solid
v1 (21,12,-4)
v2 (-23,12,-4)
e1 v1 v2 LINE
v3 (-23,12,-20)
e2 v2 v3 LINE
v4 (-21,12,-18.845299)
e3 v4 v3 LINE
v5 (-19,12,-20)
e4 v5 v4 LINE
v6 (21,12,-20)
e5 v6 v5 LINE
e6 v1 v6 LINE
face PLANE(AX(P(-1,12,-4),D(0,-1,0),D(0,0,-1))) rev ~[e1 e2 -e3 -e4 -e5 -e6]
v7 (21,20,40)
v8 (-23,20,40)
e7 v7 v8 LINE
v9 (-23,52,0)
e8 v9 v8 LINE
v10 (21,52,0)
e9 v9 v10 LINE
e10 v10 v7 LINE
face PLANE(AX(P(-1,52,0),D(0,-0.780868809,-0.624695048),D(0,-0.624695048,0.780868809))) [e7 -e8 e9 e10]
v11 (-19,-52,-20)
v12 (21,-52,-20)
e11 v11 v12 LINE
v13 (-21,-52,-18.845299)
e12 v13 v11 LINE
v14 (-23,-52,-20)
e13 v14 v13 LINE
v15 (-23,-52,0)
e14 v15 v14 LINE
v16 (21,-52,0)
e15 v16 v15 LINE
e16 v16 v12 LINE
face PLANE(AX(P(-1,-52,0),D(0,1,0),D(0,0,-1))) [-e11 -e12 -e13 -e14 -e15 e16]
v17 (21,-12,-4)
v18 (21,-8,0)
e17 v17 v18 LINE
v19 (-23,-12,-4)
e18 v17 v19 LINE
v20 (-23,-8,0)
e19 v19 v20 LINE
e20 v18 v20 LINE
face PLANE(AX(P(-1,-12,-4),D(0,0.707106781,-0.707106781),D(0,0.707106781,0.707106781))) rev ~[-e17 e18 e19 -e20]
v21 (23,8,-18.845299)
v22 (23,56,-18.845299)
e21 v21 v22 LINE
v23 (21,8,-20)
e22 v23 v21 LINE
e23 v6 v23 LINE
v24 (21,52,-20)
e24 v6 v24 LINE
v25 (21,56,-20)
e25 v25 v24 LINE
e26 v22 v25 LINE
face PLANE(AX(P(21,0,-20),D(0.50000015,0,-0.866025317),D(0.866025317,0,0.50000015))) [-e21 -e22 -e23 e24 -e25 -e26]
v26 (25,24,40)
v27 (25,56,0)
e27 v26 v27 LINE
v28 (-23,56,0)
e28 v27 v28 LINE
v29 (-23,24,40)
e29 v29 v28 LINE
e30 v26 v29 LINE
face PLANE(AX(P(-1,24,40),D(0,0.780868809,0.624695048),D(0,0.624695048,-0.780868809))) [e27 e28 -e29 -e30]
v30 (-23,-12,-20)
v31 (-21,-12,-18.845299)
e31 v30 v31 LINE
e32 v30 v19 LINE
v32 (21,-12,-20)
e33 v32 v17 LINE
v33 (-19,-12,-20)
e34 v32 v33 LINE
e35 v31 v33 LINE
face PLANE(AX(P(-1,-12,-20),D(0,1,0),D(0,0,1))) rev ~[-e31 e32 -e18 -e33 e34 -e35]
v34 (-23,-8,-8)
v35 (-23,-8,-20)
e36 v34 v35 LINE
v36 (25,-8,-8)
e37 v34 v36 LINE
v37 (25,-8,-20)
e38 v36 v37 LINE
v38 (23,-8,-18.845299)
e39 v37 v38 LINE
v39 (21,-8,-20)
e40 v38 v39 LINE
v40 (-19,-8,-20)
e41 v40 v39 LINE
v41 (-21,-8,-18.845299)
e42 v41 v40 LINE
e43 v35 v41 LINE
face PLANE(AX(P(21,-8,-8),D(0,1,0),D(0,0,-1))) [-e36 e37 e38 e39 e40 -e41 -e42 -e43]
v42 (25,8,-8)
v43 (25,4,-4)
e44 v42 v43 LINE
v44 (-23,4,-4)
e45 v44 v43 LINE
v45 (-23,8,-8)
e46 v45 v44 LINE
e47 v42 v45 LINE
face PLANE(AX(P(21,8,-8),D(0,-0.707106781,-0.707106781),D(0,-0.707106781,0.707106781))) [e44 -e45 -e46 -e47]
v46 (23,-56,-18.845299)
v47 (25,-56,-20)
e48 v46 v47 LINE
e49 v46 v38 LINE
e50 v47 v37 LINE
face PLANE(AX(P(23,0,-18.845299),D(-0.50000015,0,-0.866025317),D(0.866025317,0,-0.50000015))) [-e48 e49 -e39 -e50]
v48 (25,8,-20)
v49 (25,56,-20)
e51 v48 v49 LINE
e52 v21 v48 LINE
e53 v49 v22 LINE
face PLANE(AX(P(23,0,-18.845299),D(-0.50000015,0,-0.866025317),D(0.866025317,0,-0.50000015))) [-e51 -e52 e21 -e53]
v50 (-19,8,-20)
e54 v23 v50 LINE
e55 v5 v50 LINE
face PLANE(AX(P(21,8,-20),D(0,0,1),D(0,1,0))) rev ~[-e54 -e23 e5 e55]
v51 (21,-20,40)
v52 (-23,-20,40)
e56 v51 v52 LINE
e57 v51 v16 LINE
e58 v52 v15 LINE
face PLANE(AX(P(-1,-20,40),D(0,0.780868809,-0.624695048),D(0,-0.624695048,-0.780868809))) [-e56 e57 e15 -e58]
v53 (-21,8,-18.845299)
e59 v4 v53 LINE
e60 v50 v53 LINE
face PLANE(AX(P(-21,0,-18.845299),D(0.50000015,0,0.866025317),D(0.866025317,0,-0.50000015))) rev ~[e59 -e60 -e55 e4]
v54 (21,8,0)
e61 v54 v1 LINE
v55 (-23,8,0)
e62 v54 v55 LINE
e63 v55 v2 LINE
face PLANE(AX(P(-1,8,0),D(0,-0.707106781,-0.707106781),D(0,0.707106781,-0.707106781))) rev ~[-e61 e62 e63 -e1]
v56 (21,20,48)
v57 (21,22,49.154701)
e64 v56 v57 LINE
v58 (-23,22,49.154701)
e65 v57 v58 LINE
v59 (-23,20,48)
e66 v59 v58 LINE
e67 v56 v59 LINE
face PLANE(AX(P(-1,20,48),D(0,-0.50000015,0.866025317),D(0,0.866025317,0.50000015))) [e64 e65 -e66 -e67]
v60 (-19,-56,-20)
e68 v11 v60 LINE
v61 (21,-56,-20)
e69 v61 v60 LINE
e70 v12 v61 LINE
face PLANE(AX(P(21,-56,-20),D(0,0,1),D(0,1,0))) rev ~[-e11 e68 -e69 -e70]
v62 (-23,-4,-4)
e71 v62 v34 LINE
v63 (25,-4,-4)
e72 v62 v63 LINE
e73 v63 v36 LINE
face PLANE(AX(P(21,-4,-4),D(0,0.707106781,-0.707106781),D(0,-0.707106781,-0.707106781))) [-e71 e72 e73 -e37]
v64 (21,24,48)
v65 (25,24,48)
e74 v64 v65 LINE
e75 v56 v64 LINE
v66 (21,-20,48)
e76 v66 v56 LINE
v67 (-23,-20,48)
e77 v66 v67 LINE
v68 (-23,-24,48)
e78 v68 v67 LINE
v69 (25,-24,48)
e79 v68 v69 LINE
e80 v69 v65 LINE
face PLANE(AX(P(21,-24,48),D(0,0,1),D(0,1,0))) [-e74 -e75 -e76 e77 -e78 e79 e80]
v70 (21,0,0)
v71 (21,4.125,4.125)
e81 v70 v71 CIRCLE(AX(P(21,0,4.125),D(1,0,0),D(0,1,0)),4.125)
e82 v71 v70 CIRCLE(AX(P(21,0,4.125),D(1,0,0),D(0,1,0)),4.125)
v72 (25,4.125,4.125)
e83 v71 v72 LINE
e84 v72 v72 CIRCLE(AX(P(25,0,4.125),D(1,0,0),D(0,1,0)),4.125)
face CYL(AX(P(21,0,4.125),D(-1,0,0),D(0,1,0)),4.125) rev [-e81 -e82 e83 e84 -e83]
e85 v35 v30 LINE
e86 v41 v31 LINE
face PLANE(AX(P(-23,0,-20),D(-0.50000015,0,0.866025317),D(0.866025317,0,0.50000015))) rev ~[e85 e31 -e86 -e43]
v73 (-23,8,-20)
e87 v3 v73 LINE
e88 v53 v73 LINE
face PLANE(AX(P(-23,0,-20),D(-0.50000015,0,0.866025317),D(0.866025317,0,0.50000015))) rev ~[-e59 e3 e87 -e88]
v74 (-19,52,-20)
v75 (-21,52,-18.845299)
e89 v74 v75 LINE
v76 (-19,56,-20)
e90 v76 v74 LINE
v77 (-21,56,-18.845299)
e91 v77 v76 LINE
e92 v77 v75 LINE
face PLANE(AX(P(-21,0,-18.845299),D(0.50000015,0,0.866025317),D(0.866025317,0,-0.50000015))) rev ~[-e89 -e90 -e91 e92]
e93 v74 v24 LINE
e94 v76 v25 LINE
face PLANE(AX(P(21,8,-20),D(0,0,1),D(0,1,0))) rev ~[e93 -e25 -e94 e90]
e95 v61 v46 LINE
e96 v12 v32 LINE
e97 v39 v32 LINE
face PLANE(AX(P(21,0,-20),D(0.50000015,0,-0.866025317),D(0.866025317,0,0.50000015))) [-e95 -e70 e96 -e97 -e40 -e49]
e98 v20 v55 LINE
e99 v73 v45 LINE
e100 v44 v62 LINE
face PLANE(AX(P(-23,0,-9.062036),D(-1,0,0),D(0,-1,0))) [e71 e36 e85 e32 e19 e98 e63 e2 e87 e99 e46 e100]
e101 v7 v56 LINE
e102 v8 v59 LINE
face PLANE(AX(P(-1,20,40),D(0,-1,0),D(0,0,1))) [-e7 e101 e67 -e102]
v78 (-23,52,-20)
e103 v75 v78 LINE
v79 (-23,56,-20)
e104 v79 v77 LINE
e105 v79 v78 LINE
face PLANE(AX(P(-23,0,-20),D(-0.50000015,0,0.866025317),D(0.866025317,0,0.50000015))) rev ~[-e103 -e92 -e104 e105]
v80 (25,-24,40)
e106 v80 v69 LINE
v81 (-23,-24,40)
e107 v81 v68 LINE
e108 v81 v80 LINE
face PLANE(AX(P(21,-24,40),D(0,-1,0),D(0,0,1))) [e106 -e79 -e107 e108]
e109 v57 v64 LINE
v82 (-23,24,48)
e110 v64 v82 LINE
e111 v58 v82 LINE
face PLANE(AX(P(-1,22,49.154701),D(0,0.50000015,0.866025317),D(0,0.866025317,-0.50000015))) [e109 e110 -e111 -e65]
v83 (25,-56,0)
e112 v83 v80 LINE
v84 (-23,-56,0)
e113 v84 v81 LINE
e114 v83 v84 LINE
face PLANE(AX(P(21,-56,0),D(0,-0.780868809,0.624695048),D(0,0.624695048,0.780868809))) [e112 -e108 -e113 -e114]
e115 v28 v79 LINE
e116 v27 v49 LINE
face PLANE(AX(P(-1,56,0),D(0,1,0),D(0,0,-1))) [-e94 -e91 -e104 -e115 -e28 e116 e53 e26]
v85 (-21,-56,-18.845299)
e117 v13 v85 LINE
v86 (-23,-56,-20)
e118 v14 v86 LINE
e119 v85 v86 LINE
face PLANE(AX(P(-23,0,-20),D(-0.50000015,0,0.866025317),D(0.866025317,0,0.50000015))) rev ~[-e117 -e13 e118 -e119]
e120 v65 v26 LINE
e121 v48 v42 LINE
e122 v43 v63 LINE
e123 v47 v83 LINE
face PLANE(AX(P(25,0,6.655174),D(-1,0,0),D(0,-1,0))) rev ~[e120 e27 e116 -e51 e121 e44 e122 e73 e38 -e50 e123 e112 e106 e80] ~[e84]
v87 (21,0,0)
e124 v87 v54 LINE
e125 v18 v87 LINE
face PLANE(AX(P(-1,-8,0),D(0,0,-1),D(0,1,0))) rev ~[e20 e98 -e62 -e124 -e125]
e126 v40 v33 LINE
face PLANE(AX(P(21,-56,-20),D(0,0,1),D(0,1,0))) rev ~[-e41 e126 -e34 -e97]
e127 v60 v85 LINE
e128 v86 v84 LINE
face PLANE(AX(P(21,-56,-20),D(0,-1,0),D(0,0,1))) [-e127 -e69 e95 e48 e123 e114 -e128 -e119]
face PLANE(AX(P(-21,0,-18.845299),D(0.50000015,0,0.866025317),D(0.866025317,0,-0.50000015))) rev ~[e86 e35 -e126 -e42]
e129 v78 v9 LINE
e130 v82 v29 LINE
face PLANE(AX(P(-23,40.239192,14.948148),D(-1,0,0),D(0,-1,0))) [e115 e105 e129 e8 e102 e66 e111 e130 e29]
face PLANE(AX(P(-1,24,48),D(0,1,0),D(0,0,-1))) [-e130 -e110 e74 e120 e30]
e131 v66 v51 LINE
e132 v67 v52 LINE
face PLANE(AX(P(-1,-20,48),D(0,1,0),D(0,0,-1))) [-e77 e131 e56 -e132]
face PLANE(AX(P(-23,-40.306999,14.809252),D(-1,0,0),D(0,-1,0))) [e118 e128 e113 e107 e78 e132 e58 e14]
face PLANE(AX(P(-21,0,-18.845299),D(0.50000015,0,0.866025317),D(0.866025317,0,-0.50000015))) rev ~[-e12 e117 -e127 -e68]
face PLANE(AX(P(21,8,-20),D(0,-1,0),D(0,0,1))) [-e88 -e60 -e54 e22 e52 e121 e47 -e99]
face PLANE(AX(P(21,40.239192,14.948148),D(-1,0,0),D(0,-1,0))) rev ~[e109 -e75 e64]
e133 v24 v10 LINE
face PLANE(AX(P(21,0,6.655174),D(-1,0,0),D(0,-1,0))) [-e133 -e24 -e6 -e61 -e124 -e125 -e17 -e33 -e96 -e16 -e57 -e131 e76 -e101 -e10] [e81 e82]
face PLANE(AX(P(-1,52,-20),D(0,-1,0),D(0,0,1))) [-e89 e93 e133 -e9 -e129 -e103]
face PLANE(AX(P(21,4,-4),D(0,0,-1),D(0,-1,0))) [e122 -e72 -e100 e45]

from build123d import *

# Parameters (mm, degrees)
EXTRUDE014_DEPTH = 100
EXTRUDE010_DEPTH = 22
SKETCH009_R      = 4.125
EXTRUDE011_DEPTH = 4


with BuildPart() as extrude014:
    # Sketch012 → Extrude014 (new body, symmetric)
    with BuildSketch(Plane.XZ):
        Polygon((-20, 0), (-24, 0), (-22, 1.154701), align=None)
        Polygon((20, 0), (22, 1.154701), (24, 0), align=None)
    extrude(amount=EXTRUDE014_DEPTH, both=True)


with BuildPart() as extrude014_1:
    # Extrude014 placement: moved
    add(extrude014.part.moved(Location((1, 0, -20))))


with BuildPart() as extrude010:
    # Sketch008 → Extrude010 (new body, symmetric)
    with BuildSketch(Plane.YZ):
        Polygon((-56, 0), (-24, 40), (-24, 48), (-20, 48), (-20, 40), (-52, 0), (-52, -20), (-56, -20), align=None)
        Polygon((52, 0), (20, 40), (20, 48), (22, 49.154701), (24, 48), (24, 40), (56, 0), (56, -20), (52, -20), align=None)
        Polygon((-8, -20), (-12, -20), (-12, -4), (-8, 0), (8, 0), (12, -4), (12, -20), (8, -20), (8, -8), (4, -4), (-4, -4), (-8, -8), align=None)
    extrude(amount=EXTRUDE010_DEPTH, both=True)


with BuildPart() as stage_1_paths:
    # Sketch009 → Extrude011 (new body)
    with BuildSketch(Plane.YZ):
        Polygon((-56, 0), (-24, 40), (-24, 48), (24, 48), (24, 40), (56, 0), (56, -20), (52, -20), (12, -20), (8, -20), (8, -8), (4, -4), (-4, -4), (-8, -8), (-8, -20), (-12, -20), (-52, -20), (-56, -20), align=None)
        with Locations((0, 4.125)):
            Circle(SKETCH009_R, mode=Mode.SUBTRACT)
    extrude(amount=EXTRUDE011_DEPTH)


with BuildPart() as stage_1_paths_1:
    # Extrude011 placement: moved
    add(stage_1_paths.part.moved(Location((22, 0, 0))))

    # Fusion006: union Extrude010
    add(extrude010.part)


with BuildPart() as stage_1_paths_2:
    # Fusion006 placement: moved
    add(stage_1_paths_1.part.moved(Location((-1, 0, 0))))

    # Cut: cut Extrude014
    add(extrude014_1.part, mode=Mode.SUBTRACT)


solid = stage_1_paths_2.part
